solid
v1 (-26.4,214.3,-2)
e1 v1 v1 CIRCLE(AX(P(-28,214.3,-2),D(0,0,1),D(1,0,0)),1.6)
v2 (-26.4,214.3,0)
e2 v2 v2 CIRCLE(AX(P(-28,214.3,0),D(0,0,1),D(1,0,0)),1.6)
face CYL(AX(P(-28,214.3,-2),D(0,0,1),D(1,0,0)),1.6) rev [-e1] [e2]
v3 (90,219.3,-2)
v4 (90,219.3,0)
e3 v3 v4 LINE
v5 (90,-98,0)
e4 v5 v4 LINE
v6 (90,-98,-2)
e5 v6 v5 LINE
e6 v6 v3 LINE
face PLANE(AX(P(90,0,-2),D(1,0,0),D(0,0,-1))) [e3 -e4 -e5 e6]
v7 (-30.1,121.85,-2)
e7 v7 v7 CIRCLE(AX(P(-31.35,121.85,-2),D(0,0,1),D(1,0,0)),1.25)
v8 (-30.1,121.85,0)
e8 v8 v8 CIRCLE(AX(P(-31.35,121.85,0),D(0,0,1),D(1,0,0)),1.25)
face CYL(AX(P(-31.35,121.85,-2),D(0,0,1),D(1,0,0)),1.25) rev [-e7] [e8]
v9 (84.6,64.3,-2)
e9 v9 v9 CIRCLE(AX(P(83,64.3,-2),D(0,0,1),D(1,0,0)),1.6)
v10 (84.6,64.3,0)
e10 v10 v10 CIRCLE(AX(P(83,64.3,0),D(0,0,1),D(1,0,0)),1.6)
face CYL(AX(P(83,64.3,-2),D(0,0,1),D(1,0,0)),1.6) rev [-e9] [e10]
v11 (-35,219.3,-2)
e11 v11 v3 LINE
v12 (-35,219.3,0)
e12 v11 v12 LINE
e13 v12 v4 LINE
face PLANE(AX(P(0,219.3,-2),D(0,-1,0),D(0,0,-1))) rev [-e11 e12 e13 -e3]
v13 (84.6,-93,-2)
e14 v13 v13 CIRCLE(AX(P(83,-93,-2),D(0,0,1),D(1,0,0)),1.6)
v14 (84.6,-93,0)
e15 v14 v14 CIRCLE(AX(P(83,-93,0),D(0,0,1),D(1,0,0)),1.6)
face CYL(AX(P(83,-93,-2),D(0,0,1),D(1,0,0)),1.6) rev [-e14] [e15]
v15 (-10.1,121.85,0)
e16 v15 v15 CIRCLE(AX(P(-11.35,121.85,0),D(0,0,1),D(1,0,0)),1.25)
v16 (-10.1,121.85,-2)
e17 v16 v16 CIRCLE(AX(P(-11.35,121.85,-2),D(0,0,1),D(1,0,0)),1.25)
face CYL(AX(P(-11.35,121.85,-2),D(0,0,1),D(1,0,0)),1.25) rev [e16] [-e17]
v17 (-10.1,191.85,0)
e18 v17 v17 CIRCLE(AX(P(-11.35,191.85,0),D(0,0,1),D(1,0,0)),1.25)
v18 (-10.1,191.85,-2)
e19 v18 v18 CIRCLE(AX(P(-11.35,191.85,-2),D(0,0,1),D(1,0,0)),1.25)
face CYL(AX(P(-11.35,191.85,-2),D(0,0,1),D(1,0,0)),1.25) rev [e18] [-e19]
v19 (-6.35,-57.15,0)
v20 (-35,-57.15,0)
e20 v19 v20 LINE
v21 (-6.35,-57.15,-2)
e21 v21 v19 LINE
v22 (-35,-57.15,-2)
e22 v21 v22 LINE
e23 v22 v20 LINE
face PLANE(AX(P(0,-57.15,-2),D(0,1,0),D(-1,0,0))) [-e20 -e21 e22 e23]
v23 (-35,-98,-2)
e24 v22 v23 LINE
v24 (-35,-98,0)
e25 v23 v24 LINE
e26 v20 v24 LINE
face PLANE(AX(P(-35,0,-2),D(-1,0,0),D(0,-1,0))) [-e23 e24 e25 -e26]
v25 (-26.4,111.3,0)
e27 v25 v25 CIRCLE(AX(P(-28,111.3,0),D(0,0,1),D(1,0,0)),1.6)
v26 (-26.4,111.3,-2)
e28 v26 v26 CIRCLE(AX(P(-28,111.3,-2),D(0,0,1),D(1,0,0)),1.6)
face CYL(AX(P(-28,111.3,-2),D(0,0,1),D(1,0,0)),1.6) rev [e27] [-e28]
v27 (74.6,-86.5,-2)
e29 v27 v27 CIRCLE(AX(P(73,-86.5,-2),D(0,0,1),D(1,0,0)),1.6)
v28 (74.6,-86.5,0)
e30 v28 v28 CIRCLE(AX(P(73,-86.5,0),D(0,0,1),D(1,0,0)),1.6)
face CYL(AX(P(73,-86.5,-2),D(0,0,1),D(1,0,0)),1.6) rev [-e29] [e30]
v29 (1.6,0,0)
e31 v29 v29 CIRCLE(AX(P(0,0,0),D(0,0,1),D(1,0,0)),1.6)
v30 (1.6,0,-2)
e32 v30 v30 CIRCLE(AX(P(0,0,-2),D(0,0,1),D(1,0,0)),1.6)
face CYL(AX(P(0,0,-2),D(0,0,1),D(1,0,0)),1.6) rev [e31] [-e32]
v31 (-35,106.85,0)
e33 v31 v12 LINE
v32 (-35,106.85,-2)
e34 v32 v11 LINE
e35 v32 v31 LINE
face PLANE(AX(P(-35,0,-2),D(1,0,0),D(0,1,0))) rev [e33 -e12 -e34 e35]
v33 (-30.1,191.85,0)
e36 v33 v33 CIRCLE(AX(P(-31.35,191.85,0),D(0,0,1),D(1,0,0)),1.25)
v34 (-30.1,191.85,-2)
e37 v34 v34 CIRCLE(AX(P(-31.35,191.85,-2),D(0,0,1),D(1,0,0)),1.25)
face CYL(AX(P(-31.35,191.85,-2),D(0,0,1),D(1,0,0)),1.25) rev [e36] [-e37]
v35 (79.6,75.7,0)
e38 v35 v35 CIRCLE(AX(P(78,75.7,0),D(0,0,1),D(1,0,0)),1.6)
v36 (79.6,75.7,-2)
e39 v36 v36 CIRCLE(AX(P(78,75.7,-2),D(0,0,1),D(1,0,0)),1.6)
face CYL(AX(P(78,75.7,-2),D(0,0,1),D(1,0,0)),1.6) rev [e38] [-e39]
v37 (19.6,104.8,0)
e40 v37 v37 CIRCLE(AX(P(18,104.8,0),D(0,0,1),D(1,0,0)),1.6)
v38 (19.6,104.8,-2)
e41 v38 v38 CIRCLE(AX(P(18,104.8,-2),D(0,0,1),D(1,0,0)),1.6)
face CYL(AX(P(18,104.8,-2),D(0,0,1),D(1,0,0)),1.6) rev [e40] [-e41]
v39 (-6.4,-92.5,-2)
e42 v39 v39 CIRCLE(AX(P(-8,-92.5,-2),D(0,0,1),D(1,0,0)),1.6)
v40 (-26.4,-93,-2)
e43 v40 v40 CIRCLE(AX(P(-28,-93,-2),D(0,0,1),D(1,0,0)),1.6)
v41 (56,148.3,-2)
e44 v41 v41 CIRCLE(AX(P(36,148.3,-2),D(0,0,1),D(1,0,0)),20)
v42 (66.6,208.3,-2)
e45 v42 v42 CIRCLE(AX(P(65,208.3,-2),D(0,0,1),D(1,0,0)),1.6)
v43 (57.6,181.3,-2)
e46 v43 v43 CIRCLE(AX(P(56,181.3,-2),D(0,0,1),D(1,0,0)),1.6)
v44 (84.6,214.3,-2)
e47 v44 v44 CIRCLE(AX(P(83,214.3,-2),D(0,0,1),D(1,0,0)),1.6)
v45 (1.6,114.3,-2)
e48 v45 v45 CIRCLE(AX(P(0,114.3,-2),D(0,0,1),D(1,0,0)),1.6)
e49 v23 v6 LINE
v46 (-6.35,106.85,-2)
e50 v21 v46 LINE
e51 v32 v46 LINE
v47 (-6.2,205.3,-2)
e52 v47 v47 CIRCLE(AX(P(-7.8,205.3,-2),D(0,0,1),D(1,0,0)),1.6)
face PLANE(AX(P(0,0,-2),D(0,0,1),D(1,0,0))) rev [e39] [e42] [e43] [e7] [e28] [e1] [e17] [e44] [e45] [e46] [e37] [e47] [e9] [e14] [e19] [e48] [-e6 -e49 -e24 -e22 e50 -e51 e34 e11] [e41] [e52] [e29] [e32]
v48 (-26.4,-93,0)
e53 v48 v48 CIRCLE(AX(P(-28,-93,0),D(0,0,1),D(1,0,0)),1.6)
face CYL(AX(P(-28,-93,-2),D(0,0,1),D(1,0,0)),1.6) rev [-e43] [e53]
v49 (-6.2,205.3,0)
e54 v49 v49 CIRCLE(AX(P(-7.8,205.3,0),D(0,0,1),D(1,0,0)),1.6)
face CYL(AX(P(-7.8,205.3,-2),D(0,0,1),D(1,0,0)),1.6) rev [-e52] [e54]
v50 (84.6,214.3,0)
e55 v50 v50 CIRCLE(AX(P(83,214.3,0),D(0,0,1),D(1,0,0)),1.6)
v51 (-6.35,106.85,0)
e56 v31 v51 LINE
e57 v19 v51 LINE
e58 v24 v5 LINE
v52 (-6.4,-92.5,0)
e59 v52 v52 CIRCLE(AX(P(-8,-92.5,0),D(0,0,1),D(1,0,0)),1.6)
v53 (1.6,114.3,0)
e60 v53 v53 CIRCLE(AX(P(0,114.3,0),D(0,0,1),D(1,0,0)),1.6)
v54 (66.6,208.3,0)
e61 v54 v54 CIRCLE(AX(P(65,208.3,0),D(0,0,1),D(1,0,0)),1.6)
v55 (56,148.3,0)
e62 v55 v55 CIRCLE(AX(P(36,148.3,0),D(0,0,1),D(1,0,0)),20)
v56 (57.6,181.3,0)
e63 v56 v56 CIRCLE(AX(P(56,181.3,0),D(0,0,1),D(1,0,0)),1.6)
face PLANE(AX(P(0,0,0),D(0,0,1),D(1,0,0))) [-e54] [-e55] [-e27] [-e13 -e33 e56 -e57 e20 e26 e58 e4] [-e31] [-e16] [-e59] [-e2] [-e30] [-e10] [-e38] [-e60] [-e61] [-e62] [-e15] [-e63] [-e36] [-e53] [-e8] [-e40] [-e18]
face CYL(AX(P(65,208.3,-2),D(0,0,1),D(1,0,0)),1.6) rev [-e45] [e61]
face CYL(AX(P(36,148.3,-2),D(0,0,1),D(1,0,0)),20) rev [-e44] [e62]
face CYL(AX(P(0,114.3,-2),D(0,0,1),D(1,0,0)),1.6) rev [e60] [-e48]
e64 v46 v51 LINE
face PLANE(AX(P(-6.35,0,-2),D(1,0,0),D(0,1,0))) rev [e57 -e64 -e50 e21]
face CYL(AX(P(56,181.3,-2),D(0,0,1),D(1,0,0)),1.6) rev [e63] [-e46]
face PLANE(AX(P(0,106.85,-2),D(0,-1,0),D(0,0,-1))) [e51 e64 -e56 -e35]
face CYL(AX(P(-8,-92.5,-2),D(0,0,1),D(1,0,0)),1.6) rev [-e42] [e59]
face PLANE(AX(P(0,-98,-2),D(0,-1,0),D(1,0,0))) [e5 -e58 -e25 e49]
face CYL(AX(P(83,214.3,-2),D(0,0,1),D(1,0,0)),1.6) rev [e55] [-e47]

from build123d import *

# Parameters (mm, degrees)
SKETCH1_R           = 1.6
SKETCH1_R_2         = 20
SKETCH1_R_3         = 1.25
BOSS_EXTRUDE1_DEPTH = 2


with BuildPart() as part:
    # Sketch1 → Boss-Extrude1 (new body)
    with BuildSketch(Plane(origin=(0, 0, 0), x_dir=(0, 1, 0), z_dir=(0, 0, 1))):
        Polygon((-98, 35), (-98, -90), (219.3, -90), (219.3, 35), (106.85, 35), (106.85, 6.35), (-57.15, 6.35), (-57.15, 35), align=None)
        with Locations(Location((205.3, 7.8, 0), (0, 0, 270))):
            Circle(SKETCH1_R, mode=Mode.SUBTRACT)
        with Locations(Location((-92.5, 8, 0), (0, 0, 270))):
            Circle(SKETCH1_R, mode=Mode.SUBTRACT)
        with Locations(Location((-93, 28, 0), (0, 0, 270))):
            Circle(SKETCH1_R, mode=Mode.SUBTRACT)
        with Locations(Location((114.3, 0, 0), (0, 0, 270))):
            Circle(SKETCH1_R, mode=Mode.SUBTRACT)
        with Locations(Location((-93, -83, 0), (0, 0, 270))):
            Circle(SKETCH1_R, mode=Mode.SUBTRACT)
        with Locations(Location((-86.5, -73, 0), (0, 0, 270))):
            Circle(SKETCH1_R, mode=Mode.SUBTRACT)
        with Locations(Location((64.3, -83, 0), (0, 0, 270))):
            Circle(SKETCH1_R, mode=Mode.SUBTRACT)
        with Locations(Location((75.7, -78, 0), (0, 0, 270))):
            Circle(SKETCH1_R, mode=Mode.SUBTRACT)
        with Locations(Location((214.3, -83, 0), (0, 0, 270))):
            Circle(SKETCH1_R, mode=Mode.SUBTRACT)
        with Locations(Location((208.3, -65, 0), (0, 0, 270))):
            Circle(SKETCH1_R, mode=Mode.SUBTRACT)
        with Locations(Location((181.3, -56, 0), (0, 0, 270))):
            Circle(SKETCH1_R, mode=Mode.SUBTRACT)
        with Locations(Location((148.3, -36, 0), (0, 0, 270))):
            Circle(SKETCH1_R_2, mode=Mode.SUBTRACT)
        with Locations(Location((0, 0, 0), (0, 0, 270))):
            Circle(SKETCH1_R, mode=Mode.SUBTRACT)
        with Locations(Location((104.8, -18, 0), (0, 0, 270))):
            Circle(SKETCH1_R, mode=Mode.SUBTRACT)
        with Locations(Location((191.85, 31.35, 0), (0, 0, 270))):
            Circle(SKETCH1_R_3, mode=Mode.SUBTRACT)
        with Locations(Location((121.85, 11.35, 0), (0, 0, 270))):
            Circle(SKETCH1_R_3, mode=Mode.SUBTRACT)
        with Locations(Location((111.3, 28, 0), (0, 0, 270))):
            Circle(SKETCH1_R, mode=Mode.SUBTRACT)
        with Locations(Location((121.85, 31.35, 0), (0, 0, 270))):
            Circle(SKETCH1_R_3, mode=Mode.SUBTRACT)
        with Locations(Location((191.85, 11.35, 0), (0, 0, 270))):
            Circle(SKETCH1_R_3, mode=Mode.SUBTRACT)
        with Locations(Location((214.3, 28, 0), (0, 0, 270))):
            Circle(SKETCH1_R, mode=Mode.SUBTRACT)
    extrude(amount=-BOSS_EXTRUDE1_DEPTH)


solid = part.part
